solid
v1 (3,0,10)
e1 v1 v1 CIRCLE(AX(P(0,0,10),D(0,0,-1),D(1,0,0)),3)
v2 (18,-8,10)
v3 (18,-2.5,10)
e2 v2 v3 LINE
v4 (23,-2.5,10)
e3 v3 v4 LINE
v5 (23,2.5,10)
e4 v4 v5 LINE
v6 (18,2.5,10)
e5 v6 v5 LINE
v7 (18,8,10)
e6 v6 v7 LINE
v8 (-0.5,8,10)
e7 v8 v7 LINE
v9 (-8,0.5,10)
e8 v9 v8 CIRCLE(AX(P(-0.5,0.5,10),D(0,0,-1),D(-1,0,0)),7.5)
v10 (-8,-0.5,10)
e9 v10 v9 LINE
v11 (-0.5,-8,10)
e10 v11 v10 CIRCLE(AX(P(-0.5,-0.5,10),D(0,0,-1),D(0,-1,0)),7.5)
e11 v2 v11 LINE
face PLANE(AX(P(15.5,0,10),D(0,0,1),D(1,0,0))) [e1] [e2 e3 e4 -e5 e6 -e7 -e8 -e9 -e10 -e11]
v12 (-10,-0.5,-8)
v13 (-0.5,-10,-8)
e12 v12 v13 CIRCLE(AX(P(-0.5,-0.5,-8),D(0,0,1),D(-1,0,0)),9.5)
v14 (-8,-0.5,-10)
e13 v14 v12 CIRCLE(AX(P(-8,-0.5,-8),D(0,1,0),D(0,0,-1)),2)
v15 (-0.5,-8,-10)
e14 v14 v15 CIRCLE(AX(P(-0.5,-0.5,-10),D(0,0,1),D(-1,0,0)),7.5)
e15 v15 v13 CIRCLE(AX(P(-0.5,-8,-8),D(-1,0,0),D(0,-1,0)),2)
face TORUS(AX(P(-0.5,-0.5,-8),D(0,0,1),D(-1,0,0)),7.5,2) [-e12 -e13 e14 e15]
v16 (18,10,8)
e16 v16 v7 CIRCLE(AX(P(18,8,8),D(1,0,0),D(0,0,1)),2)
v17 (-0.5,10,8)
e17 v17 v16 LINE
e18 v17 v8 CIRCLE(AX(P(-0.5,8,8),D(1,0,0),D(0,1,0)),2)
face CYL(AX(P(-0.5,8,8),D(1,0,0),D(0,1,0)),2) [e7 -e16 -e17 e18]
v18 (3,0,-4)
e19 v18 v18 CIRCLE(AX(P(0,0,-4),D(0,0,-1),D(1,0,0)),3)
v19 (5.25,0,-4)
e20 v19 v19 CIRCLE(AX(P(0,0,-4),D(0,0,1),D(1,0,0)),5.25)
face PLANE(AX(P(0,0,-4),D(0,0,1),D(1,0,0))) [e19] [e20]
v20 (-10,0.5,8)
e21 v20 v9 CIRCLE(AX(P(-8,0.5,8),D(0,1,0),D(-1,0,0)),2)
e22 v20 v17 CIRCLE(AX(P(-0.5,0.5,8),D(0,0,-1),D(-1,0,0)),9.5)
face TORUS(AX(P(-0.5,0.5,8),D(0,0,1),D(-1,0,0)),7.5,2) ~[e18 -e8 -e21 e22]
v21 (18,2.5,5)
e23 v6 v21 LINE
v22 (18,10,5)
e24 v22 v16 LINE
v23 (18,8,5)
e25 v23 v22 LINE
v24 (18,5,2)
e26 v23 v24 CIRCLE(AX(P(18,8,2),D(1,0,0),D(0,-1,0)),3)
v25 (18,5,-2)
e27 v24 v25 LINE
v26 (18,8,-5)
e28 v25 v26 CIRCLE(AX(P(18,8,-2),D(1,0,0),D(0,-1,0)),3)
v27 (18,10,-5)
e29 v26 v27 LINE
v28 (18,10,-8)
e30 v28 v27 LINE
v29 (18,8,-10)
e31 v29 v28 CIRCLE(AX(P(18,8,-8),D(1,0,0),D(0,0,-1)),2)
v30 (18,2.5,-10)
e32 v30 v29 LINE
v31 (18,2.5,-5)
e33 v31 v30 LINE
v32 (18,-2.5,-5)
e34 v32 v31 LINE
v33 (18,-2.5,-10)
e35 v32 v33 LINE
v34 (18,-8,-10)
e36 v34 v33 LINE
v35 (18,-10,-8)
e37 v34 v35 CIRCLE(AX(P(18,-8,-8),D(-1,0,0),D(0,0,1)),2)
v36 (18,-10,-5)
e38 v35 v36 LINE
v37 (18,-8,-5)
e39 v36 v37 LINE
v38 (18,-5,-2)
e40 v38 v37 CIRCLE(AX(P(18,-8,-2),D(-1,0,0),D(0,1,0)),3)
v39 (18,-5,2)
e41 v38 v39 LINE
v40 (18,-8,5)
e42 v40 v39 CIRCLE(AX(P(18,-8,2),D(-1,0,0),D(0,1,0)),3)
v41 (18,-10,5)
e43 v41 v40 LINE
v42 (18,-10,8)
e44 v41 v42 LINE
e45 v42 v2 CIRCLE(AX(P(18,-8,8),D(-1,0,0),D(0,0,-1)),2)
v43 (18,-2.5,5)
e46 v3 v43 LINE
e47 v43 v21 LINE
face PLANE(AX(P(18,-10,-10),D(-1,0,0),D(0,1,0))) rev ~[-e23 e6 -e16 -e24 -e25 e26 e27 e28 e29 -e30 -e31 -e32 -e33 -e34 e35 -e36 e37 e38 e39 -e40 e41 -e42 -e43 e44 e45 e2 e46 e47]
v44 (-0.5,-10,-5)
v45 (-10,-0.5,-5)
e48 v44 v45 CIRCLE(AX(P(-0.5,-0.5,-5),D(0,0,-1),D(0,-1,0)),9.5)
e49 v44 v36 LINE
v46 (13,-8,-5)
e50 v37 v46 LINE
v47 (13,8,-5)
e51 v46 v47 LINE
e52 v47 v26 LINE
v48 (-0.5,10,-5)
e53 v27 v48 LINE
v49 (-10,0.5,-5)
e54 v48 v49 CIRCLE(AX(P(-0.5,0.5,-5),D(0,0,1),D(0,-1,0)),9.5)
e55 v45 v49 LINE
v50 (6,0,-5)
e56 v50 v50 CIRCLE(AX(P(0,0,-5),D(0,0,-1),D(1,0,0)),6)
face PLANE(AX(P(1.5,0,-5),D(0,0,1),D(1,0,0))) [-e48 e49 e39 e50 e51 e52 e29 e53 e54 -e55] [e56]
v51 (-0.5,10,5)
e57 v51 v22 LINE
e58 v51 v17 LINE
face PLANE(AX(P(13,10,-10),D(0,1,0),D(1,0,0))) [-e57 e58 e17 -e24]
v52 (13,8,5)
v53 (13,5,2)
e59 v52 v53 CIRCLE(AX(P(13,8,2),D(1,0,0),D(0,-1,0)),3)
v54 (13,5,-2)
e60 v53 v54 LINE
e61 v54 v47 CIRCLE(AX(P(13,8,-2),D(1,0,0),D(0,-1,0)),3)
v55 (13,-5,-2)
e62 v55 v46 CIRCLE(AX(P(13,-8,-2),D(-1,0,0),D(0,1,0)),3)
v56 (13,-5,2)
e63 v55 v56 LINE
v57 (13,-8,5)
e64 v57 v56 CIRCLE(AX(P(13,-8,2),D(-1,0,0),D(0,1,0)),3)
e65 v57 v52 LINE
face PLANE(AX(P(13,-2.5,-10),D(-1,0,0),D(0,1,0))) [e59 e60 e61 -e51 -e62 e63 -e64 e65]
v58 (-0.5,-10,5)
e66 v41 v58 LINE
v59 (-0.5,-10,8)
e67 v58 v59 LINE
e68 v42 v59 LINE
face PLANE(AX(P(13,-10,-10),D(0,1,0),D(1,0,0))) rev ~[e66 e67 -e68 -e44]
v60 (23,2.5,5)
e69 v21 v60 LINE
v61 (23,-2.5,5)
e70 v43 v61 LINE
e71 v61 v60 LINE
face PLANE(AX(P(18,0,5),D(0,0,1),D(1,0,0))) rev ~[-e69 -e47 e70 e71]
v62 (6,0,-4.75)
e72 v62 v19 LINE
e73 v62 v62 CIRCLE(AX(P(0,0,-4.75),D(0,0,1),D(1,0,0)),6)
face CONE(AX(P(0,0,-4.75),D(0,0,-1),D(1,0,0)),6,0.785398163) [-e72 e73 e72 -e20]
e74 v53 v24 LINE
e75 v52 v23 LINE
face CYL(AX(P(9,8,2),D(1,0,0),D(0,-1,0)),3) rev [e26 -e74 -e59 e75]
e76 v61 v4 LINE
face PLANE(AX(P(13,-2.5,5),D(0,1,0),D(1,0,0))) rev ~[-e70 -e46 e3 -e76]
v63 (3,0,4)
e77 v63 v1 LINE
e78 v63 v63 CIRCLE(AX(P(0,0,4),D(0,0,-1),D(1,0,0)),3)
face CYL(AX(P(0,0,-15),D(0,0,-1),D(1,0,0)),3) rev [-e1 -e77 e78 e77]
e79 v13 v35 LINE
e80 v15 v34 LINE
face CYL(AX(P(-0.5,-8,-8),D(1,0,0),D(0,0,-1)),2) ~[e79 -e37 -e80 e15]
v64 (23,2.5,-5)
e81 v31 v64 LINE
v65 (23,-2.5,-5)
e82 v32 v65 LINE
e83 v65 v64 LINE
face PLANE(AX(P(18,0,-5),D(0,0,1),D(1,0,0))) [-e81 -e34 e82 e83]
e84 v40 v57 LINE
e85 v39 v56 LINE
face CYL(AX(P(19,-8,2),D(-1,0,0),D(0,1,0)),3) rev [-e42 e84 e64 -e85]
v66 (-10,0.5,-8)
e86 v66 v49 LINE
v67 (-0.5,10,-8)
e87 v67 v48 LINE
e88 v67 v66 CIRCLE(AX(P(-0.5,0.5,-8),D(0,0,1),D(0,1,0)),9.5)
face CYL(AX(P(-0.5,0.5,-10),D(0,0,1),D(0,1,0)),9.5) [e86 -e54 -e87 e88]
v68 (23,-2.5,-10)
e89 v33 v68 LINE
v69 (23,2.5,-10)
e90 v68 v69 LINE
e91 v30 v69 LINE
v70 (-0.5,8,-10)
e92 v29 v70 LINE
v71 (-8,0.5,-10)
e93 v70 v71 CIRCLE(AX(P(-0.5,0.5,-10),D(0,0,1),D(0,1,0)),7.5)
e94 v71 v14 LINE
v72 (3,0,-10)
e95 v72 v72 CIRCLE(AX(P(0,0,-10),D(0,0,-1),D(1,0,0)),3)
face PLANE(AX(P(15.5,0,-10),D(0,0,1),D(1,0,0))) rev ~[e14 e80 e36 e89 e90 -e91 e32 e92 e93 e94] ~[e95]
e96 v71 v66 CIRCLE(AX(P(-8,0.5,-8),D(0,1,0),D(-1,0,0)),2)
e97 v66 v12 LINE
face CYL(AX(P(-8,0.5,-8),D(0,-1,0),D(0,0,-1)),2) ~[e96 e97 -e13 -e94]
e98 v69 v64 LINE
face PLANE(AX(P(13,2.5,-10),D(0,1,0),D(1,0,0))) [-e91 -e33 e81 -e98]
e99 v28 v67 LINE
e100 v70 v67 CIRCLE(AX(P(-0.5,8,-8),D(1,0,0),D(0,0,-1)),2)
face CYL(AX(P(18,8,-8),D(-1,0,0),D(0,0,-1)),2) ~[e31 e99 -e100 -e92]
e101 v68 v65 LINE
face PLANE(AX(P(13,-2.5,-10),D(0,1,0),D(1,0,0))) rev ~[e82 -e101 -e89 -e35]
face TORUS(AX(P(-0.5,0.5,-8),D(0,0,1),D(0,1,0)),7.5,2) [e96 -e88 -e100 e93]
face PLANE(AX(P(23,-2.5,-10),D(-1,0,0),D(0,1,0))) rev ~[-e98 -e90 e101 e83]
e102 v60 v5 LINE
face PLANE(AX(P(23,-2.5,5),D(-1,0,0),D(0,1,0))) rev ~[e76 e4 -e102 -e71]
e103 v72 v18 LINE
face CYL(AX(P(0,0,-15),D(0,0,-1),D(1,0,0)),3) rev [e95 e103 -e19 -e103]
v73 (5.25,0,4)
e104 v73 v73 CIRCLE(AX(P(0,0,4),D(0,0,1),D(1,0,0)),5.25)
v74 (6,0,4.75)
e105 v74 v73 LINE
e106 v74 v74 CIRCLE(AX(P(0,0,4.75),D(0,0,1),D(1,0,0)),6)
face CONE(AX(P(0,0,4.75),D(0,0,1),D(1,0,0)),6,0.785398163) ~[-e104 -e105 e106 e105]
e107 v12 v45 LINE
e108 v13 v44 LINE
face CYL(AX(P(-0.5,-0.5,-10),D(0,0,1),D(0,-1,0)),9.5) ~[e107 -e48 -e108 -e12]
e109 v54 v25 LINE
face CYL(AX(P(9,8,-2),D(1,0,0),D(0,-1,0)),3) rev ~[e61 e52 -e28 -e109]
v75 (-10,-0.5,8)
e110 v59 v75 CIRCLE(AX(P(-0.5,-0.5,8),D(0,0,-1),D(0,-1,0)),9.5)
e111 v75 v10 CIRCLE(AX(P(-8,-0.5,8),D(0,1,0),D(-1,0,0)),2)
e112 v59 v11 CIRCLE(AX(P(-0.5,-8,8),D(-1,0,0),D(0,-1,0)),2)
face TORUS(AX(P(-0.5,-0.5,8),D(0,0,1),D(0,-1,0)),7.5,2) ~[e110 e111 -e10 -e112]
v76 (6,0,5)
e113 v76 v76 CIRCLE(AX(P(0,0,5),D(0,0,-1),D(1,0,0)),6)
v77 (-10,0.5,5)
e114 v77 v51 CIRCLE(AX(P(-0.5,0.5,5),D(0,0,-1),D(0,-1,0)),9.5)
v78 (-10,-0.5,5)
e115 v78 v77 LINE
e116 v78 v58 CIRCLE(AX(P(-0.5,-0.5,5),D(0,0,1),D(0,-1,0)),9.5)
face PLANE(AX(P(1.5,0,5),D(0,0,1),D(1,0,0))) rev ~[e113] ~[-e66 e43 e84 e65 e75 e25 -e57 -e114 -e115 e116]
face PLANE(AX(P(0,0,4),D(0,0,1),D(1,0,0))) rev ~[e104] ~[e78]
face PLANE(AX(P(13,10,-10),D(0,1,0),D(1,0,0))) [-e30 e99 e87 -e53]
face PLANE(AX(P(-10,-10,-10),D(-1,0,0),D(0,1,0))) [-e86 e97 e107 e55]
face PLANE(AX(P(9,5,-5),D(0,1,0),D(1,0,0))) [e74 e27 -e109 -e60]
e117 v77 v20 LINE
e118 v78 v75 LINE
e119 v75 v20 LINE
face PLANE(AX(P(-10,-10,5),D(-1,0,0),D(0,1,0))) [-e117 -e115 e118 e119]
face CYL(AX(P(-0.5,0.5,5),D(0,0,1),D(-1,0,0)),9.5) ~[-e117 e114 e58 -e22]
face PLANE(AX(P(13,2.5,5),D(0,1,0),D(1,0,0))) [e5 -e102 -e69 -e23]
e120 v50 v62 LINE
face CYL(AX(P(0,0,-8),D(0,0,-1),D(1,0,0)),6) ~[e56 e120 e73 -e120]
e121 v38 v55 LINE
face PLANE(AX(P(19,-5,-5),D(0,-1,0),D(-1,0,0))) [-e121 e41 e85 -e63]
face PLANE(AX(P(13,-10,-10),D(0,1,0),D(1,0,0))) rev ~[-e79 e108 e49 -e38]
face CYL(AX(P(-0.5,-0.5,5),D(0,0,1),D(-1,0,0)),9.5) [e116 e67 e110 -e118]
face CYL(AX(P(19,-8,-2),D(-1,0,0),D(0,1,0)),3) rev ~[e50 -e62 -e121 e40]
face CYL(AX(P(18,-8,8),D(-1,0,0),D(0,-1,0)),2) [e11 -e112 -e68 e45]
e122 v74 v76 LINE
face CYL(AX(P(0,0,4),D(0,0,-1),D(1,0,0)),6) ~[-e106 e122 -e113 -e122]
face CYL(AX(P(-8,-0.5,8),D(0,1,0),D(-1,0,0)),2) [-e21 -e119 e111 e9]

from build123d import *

# Parameters (mm, degrees)
BOX007_W          = 11
BOX007_H          = 7
BOX007_DEPTH      = 10
FILLET_R          = 3
ARRAY_COUNT       = 2
ARRAY_ANGLE       = 180
CYLINDER004_R     = 3
CYLINDER004_DEPTH = 30
CYLINDER005_R     = 6
CYLINDER005_DEPTH = 4
BOX005_W          = 23
BOX005_H          = 20
BOX005_DEPTH      = 5
BOX003_W          = 10
BOX003_H          = 5
BOX003_DEPTH      = 5
BOX004_W          = 10
BOX004_H          = 5
BOX004_DEPTH      = 5
BOX_W             = 5
BOX_H             = 20
BOX_DEPTH         = 20
BOX006_W          = 23
BOX006_H          = 20
BOX006_DEPTH      = 5
CYLINDER006_R     = 6
CYLINDER006_DEPTH = 4
CHAMFER_SIZE      = 0.75
CHAMFER001_SIZE   = 0.75
FILLET001_R       = 9.5
FILLET002_R       = 2


with BuildPart() as array:
    # Box007 → Box007 (new body)
    with BuildSketch(Plane(origin=(10, 5, -5), x_dir=(1, 0, 0), z_dir=(0, 0, 1))):
        with Locations((5.5, 3.5)):
            Rectangle(BOX007_W, BOX007_H)
    extrude(amount=BOX007_DEPTH)


with BuildPart() as array_1:
    # BaseFeature placement: moved
    add(array.part.moved(Location((-10, -5, 5))))

    # Fillet
    fillet_edges = [array_1.edges().sort_by_distance(p)[0] for p in [
        (5.5, 0, 10),
        (5.5, 0, 0),
    ]]
    fillet(fillet_edges, radius=FILLET_R)


with BuildPart() as array_2:
    # Body placement: moved
    add(array_1.part.moved(Location((-5, 5, 0))))

    # Array: Array ×2 about axis
    array_axis = Axis((0, 0, 0), (0, 0, 1))


with BuildPart() as array_3:
    add(array_2.part)
    for i in range(1, ARRAY_COUNT):
        add(array_2.part.rotate(array_axis, i * ARRAY_ANGLE / (ARRAY_COUNT - 1)))


with BuildPart() as array_4:
    # Array placement: moved
    add(array_3.part.moved(Location((14, 0, -5))))


with BuildPart() as cilindro004:
    # Cylinder004 → Cylinder004 (new body)
    with BuildSketch(Plane.XY.offset(-15)):
        Circle(CYLINDER004_R)
    extrude(amount=CYLINDER004_DEPTH)


with BuildPart() as apoyo2:
    # Cylinder005 → Cylinder005 (new body)
    with BuildSketch(Plane.XY.offset(-8)):
        Circle(CYLINDER005_R)
    extrude(amount=CYLINDER005_DEPTH)


with BuildPart() as cubo:
    # Box005 → Box005 (new body)
    with BuildSketch(Plane(origin=(-10, -10, -10), x_dir=(1, 0, 0), z_dir=(0, 0, 1))):
        with Locations((11.5, 10)):
            Rectangle(BOX005_W, BOX005_H)
    extrude(amount=BOX005_DEPTH)


with BuildPart() as cubo002:
    # Box003 → Box003 (new body)
    with BuildSketch(Plane(origin=(13, -2.5, 5), x_dir=(1, 0, 0), z_dir=(0, 0, 1))):
        with Locations((5, 2.5)):
            Rectangle(BOX003_W, BOX003_H)
    extrude(amount=BOX003_DEPTH)


with BuildPart() as cubo003:
    # Box004 → Box004 (new body)
    with BuildSketch(Plane(origin=(13, -2.5, -10), x_dir=(1, 0, 0), z_dir=(0, 0, 1))):
        with Locations((5, 2.5)):
            Rectangle(BOX004_W, BOX004_H)
    extrude(amount=BOX004_DEPTH)


with BuildPart() as fusion002001:
    # Box → Box (new body)
    with BuildSketch(Plane(origin=(13, -10, -10), x_dir=(1, 0, 0), z_dir=(0, 0, 1))):
        with Locations((2.5, 10)):
            Rectangle(BOX_W, BOX_H)
    extrude(amount=BOX_DEPTH)

    # Fusion002: union Cubo002, Cubo003
    add(cubo002.part)
    add(cubo003.part)


with BuildPart() as fusion002002001:
    # Box006 → Box006 (new body)
    with BuildSketch(Plane(origin=(-10, -10, 5), x_dir=(1, 0, 0), z_dir=(0, 0, 1))):
        with Locations((11.5, 10)):
            Rectangle(BOX006_W, BOX006_H)
    extrude(amount=BOX006_DEPTH)

    # Fusion002002: union Cubo, Fusion002001
    add(cubo.part)
    add(fusion002001.part)


with BuildPart() as body001:
    # Cylinder006 → Cylinder006 (new body)
    with BuildSketch(Plane.XY.offset(4)):
        Circle(CYLINDER006_R)
    extrude(amount=CYLINDER006_DEPTH)

    # Fusion002002002: union apoyo2, Fusion002002001
    add(apoyo2.part)
    add(fusion002002001.part)

    # Cut001: cut Cilindro004
    add(cilindro004.part, mode=Mode.SUBTRACT)

    # Cut002: cut Array
    add(array_4.part, mode=Mode.SUBTRACT)

    # Chamfer
    chamfer_edges = [body001.edges().sort_by_distance(p)[0] for p in [
        (-6, 0, -4),
    ]]
    chamfer(chamfer_edges, length=CHAMFER_SIZE)

    # Chamfer001
    chamfer001_edges = [body001.edges().sort_by_distance(p)[0] for p in [
        (-6, 0, 4),
    ]]
    chamfer(chamfer001_edges, length=CHAMFER001_SIZE)

    # Fillet001
    fillet001_edges = [body001.edges().sort_by_distance(p)[0] for p in [
        (-10, 10, 7.5),
        (-10, -10, 7.5),
        (-10, -10, -7.5),
        (-10, 10, -7.5),
    ]]
    fillet(fillet001_edges, radius=FILLET001_R)

    # Fillet002
    fillet002_edges = [body001.edges().sort_by_distance(p)[0] for p in [
        (8.75, 10, 10),
        (8.75, 10, -10),
    ]]
    fillet(fillet002_edges, radius=FILLET002_R)


solid = body001.part
